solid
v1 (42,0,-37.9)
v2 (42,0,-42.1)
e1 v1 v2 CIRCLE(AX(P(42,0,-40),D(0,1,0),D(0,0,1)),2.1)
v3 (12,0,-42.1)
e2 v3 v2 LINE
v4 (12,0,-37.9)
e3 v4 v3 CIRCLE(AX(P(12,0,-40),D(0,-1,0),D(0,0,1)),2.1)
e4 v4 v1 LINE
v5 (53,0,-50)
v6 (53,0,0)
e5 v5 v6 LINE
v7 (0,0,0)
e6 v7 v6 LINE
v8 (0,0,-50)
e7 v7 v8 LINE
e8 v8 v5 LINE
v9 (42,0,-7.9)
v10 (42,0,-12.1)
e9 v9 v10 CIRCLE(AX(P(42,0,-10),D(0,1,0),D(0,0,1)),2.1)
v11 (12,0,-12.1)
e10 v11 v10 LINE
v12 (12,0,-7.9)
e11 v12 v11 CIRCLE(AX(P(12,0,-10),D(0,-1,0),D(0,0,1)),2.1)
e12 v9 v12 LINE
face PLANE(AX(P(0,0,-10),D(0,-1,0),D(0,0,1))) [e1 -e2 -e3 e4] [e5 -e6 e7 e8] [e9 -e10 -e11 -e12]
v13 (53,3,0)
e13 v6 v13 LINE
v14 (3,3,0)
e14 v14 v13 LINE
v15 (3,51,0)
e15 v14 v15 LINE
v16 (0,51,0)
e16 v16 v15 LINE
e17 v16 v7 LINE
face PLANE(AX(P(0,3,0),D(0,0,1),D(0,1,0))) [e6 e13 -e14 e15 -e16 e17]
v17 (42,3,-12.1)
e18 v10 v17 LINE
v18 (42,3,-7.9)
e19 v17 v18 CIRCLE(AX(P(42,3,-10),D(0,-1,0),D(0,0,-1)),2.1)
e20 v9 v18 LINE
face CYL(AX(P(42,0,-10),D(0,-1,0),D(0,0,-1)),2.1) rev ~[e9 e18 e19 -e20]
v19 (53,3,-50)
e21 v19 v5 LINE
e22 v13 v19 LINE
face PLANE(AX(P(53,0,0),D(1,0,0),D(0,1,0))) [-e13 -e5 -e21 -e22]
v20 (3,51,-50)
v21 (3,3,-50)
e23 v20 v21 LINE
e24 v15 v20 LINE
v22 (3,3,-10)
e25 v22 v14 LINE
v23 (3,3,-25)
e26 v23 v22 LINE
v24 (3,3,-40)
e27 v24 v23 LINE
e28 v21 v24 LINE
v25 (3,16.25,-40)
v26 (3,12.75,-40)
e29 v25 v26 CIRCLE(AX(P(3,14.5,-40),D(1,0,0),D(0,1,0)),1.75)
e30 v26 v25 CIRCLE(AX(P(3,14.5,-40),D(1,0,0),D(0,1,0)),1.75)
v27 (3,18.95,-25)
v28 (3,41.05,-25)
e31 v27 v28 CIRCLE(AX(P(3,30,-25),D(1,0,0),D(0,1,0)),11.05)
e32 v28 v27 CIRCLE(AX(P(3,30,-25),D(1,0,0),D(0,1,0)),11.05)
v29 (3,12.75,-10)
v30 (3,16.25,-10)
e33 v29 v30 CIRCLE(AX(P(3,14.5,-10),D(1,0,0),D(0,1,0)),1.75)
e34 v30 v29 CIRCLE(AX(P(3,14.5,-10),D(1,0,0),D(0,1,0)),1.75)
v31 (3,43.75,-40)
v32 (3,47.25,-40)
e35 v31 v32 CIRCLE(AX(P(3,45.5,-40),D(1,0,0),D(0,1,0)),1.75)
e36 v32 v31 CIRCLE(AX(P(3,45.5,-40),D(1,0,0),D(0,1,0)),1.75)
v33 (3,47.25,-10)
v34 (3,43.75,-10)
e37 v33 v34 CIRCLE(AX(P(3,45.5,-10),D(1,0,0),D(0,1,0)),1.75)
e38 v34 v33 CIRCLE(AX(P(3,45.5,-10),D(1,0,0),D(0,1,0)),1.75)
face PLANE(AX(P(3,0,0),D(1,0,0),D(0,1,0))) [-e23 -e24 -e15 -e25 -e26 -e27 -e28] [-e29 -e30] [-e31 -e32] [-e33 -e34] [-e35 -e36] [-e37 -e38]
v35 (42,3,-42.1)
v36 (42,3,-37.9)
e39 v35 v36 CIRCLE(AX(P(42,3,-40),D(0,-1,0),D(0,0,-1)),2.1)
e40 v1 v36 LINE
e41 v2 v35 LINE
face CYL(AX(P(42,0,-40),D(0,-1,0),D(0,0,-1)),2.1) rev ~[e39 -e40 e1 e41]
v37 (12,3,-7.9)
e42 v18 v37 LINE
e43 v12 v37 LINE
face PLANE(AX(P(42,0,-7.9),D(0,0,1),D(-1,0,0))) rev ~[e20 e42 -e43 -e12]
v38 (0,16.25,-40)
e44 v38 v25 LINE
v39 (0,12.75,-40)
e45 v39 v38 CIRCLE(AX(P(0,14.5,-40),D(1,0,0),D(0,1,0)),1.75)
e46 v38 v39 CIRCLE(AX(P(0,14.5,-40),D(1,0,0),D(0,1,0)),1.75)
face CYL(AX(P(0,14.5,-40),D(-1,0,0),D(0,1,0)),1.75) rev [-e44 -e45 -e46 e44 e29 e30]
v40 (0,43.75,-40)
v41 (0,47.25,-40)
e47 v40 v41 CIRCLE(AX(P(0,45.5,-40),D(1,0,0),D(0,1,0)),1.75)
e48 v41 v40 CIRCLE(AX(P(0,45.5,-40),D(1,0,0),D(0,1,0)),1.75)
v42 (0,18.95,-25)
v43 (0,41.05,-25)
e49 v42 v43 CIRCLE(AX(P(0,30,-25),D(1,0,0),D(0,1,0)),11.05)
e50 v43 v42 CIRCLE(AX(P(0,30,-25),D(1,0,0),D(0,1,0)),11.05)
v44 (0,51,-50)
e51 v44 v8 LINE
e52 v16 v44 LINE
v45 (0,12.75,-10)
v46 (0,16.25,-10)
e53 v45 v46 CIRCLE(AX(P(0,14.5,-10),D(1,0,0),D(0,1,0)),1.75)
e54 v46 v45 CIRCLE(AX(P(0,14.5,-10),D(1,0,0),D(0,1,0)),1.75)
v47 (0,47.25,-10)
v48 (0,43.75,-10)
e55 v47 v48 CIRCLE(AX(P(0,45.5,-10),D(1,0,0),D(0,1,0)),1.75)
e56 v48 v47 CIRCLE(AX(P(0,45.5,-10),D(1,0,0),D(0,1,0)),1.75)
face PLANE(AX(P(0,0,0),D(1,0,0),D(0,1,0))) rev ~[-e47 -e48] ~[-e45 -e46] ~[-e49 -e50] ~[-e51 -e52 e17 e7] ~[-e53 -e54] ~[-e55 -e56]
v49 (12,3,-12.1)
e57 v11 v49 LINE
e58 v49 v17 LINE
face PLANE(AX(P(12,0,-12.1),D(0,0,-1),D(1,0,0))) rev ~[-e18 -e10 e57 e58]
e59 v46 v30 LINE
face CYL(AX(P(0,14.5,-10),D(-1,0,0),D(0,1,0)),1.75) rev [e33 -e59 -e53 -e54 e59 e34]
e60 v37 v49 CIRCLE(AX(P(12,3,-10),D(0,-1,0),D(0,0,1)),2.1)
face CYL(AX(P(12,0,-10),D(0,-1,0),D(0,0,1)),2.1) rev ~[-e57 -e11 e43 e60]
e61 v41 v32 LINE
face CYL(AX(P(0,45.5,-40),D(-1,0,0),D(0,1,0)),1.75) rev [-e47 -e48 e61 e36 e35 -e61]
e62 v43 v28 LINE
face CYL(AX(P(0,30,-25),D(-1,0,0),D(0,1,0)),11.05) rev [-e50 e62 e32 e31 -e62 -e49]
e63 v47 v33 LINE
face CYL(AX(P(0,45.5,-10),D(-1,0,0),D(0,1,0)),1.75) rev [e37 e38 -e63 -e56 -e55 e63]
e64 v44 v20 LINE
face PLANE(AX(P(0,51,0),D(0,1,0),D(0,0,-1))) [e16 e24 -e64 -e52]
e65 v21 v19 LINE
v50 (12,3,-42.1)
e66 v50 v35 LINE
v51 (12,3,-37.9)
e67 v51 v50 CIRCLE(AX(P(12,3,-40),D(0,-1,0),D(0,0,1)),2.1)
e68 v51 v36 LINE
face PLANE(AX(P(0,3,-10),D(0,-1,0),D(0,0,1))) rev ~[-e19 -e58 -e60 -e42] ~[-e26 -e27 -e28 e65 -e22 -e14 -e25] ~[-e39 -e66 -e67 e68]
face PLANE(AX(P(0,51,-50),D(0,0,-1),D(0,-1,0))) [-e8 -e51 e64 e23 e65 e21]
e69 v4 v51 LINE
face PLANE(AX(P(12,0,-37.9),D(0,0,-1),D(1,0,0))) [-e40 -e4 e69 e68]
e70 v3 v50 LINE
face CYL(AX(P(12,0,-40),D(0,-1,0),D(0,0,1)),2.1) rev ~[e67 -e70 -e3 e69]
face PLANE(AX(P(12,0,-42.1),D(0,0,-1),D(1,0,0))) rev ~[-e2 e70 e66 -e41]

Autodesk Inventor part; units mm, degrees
ref_plane "YZ Plane" through (0, 0, 0) normal (1, 0, 0) x (0, 1, 0)
ref_plane "XZ Plane" through (0, 0, 0) normal (0, 1, 0) x (-1, 0, 0)
ref_plane "XY Plane" through (0, 0, 0) normal (0, 0, 1) x (1, 0, 0)
sketch "스케치1" plane through (0, 0, 0) normal (1, 0, 0) x (0, 1, 0)
  line L0 (0, 0) -> (51, 0)
  line L1 (51, 0) -> (51, -50)
  line L2 (51, -50) -> (0, -50)
  line L3 (0, -50) -> (0, 0)
  line L4 (0, -25) -> (30, -25)
  line L5 (0, -10) -> (14.5, -10)
  line L6 (0, -40) -> (14.5, -40)
  line L7 (14.5, -10) -> (45.5, -10)
  line L8 (14.5, -40) -> (45.5, -40)
  circle A0 centre (45.5, -10) radius 1.75
  circle A1 centre (14.5, -10) radius 1.75
  circle A2 centre (45.5, -40) radius 1.75
  circle A3 centre (14.5, -40) radius 1.75
  circle A4 centre (30, -25) radius 11.05
  line L9 (3, -50) -> (3, 0)
  dimension "d0" = 51
  dimension "d1" = 50
  dimension "d2" = 30
  dimension "d3" = 14.5
  dimension "d4" = 14.5
  dimension "d5" = 31
  dimension "d6" = 31
  dimension "d7" = 3.5
  dimension "d8" = 3.5
  dimension "d9" = 3.5
  dimension "d10" = 3.5
  dimension "d11" = 22.1
extrude "돌출1" add sketch "스케치1" along normal blind 3 contours L0 L1 L2 L9
extrude "돌출2" add sketch "스케치1" along normal blind 53 contours L0 L9 L5 L3 | L5 L9 L4 L3 | L4 L9 L6 L3 | L6 L9 L2 L3
sketch "스케치2" plane through (0, 0, -50) normal (0, -1, 0) x (1, 0, 0)
  line L0 (53, 0) -> (53, 10)
  line L1 (53, 0) -> (53, 50) projected
  line L2 (53, 10) -> (42, 10)
  line L3 (53, 50) -> (53, 40)
  line L4 (53, 40) -> (42, 40)
  arc A0 (12, 12.1) -> (12, 7.9) centre (12, 10) ccw
  arc A1 (42, 7.9) -> (42, 12.1) centre (42, 10) ccw
  arc A2 (12, 42.1) -> (12, 37.9) centre (12, 40) ccw
  arc A3 (42, 37.9) -> (42, 42.1) centre (42, 40) ccw
  line L5 (12, 12.1) -> (42, 12.1)
  line L6 (12, 37.9) -> (42, 37.9)
  line L7 (42, 42.1) -> (12, 42.1)
  line L8 (12, 7.9) -> (42, 7.9)
  point P0 (0, 50)
  dimension "d16" = 10
  dimension "d17" = 11
  dimension "d18" = 10
  dimension "d19" = 11
  dimension "d22" = 4.2
  dimension "d23" = 4.2
  dimension "d24" = 4.2
  dimension "d25" = 4.2
extrude "돌출3" cut sketch "스케치2" against normal blind 3
properties part number "모터 브라켓"
